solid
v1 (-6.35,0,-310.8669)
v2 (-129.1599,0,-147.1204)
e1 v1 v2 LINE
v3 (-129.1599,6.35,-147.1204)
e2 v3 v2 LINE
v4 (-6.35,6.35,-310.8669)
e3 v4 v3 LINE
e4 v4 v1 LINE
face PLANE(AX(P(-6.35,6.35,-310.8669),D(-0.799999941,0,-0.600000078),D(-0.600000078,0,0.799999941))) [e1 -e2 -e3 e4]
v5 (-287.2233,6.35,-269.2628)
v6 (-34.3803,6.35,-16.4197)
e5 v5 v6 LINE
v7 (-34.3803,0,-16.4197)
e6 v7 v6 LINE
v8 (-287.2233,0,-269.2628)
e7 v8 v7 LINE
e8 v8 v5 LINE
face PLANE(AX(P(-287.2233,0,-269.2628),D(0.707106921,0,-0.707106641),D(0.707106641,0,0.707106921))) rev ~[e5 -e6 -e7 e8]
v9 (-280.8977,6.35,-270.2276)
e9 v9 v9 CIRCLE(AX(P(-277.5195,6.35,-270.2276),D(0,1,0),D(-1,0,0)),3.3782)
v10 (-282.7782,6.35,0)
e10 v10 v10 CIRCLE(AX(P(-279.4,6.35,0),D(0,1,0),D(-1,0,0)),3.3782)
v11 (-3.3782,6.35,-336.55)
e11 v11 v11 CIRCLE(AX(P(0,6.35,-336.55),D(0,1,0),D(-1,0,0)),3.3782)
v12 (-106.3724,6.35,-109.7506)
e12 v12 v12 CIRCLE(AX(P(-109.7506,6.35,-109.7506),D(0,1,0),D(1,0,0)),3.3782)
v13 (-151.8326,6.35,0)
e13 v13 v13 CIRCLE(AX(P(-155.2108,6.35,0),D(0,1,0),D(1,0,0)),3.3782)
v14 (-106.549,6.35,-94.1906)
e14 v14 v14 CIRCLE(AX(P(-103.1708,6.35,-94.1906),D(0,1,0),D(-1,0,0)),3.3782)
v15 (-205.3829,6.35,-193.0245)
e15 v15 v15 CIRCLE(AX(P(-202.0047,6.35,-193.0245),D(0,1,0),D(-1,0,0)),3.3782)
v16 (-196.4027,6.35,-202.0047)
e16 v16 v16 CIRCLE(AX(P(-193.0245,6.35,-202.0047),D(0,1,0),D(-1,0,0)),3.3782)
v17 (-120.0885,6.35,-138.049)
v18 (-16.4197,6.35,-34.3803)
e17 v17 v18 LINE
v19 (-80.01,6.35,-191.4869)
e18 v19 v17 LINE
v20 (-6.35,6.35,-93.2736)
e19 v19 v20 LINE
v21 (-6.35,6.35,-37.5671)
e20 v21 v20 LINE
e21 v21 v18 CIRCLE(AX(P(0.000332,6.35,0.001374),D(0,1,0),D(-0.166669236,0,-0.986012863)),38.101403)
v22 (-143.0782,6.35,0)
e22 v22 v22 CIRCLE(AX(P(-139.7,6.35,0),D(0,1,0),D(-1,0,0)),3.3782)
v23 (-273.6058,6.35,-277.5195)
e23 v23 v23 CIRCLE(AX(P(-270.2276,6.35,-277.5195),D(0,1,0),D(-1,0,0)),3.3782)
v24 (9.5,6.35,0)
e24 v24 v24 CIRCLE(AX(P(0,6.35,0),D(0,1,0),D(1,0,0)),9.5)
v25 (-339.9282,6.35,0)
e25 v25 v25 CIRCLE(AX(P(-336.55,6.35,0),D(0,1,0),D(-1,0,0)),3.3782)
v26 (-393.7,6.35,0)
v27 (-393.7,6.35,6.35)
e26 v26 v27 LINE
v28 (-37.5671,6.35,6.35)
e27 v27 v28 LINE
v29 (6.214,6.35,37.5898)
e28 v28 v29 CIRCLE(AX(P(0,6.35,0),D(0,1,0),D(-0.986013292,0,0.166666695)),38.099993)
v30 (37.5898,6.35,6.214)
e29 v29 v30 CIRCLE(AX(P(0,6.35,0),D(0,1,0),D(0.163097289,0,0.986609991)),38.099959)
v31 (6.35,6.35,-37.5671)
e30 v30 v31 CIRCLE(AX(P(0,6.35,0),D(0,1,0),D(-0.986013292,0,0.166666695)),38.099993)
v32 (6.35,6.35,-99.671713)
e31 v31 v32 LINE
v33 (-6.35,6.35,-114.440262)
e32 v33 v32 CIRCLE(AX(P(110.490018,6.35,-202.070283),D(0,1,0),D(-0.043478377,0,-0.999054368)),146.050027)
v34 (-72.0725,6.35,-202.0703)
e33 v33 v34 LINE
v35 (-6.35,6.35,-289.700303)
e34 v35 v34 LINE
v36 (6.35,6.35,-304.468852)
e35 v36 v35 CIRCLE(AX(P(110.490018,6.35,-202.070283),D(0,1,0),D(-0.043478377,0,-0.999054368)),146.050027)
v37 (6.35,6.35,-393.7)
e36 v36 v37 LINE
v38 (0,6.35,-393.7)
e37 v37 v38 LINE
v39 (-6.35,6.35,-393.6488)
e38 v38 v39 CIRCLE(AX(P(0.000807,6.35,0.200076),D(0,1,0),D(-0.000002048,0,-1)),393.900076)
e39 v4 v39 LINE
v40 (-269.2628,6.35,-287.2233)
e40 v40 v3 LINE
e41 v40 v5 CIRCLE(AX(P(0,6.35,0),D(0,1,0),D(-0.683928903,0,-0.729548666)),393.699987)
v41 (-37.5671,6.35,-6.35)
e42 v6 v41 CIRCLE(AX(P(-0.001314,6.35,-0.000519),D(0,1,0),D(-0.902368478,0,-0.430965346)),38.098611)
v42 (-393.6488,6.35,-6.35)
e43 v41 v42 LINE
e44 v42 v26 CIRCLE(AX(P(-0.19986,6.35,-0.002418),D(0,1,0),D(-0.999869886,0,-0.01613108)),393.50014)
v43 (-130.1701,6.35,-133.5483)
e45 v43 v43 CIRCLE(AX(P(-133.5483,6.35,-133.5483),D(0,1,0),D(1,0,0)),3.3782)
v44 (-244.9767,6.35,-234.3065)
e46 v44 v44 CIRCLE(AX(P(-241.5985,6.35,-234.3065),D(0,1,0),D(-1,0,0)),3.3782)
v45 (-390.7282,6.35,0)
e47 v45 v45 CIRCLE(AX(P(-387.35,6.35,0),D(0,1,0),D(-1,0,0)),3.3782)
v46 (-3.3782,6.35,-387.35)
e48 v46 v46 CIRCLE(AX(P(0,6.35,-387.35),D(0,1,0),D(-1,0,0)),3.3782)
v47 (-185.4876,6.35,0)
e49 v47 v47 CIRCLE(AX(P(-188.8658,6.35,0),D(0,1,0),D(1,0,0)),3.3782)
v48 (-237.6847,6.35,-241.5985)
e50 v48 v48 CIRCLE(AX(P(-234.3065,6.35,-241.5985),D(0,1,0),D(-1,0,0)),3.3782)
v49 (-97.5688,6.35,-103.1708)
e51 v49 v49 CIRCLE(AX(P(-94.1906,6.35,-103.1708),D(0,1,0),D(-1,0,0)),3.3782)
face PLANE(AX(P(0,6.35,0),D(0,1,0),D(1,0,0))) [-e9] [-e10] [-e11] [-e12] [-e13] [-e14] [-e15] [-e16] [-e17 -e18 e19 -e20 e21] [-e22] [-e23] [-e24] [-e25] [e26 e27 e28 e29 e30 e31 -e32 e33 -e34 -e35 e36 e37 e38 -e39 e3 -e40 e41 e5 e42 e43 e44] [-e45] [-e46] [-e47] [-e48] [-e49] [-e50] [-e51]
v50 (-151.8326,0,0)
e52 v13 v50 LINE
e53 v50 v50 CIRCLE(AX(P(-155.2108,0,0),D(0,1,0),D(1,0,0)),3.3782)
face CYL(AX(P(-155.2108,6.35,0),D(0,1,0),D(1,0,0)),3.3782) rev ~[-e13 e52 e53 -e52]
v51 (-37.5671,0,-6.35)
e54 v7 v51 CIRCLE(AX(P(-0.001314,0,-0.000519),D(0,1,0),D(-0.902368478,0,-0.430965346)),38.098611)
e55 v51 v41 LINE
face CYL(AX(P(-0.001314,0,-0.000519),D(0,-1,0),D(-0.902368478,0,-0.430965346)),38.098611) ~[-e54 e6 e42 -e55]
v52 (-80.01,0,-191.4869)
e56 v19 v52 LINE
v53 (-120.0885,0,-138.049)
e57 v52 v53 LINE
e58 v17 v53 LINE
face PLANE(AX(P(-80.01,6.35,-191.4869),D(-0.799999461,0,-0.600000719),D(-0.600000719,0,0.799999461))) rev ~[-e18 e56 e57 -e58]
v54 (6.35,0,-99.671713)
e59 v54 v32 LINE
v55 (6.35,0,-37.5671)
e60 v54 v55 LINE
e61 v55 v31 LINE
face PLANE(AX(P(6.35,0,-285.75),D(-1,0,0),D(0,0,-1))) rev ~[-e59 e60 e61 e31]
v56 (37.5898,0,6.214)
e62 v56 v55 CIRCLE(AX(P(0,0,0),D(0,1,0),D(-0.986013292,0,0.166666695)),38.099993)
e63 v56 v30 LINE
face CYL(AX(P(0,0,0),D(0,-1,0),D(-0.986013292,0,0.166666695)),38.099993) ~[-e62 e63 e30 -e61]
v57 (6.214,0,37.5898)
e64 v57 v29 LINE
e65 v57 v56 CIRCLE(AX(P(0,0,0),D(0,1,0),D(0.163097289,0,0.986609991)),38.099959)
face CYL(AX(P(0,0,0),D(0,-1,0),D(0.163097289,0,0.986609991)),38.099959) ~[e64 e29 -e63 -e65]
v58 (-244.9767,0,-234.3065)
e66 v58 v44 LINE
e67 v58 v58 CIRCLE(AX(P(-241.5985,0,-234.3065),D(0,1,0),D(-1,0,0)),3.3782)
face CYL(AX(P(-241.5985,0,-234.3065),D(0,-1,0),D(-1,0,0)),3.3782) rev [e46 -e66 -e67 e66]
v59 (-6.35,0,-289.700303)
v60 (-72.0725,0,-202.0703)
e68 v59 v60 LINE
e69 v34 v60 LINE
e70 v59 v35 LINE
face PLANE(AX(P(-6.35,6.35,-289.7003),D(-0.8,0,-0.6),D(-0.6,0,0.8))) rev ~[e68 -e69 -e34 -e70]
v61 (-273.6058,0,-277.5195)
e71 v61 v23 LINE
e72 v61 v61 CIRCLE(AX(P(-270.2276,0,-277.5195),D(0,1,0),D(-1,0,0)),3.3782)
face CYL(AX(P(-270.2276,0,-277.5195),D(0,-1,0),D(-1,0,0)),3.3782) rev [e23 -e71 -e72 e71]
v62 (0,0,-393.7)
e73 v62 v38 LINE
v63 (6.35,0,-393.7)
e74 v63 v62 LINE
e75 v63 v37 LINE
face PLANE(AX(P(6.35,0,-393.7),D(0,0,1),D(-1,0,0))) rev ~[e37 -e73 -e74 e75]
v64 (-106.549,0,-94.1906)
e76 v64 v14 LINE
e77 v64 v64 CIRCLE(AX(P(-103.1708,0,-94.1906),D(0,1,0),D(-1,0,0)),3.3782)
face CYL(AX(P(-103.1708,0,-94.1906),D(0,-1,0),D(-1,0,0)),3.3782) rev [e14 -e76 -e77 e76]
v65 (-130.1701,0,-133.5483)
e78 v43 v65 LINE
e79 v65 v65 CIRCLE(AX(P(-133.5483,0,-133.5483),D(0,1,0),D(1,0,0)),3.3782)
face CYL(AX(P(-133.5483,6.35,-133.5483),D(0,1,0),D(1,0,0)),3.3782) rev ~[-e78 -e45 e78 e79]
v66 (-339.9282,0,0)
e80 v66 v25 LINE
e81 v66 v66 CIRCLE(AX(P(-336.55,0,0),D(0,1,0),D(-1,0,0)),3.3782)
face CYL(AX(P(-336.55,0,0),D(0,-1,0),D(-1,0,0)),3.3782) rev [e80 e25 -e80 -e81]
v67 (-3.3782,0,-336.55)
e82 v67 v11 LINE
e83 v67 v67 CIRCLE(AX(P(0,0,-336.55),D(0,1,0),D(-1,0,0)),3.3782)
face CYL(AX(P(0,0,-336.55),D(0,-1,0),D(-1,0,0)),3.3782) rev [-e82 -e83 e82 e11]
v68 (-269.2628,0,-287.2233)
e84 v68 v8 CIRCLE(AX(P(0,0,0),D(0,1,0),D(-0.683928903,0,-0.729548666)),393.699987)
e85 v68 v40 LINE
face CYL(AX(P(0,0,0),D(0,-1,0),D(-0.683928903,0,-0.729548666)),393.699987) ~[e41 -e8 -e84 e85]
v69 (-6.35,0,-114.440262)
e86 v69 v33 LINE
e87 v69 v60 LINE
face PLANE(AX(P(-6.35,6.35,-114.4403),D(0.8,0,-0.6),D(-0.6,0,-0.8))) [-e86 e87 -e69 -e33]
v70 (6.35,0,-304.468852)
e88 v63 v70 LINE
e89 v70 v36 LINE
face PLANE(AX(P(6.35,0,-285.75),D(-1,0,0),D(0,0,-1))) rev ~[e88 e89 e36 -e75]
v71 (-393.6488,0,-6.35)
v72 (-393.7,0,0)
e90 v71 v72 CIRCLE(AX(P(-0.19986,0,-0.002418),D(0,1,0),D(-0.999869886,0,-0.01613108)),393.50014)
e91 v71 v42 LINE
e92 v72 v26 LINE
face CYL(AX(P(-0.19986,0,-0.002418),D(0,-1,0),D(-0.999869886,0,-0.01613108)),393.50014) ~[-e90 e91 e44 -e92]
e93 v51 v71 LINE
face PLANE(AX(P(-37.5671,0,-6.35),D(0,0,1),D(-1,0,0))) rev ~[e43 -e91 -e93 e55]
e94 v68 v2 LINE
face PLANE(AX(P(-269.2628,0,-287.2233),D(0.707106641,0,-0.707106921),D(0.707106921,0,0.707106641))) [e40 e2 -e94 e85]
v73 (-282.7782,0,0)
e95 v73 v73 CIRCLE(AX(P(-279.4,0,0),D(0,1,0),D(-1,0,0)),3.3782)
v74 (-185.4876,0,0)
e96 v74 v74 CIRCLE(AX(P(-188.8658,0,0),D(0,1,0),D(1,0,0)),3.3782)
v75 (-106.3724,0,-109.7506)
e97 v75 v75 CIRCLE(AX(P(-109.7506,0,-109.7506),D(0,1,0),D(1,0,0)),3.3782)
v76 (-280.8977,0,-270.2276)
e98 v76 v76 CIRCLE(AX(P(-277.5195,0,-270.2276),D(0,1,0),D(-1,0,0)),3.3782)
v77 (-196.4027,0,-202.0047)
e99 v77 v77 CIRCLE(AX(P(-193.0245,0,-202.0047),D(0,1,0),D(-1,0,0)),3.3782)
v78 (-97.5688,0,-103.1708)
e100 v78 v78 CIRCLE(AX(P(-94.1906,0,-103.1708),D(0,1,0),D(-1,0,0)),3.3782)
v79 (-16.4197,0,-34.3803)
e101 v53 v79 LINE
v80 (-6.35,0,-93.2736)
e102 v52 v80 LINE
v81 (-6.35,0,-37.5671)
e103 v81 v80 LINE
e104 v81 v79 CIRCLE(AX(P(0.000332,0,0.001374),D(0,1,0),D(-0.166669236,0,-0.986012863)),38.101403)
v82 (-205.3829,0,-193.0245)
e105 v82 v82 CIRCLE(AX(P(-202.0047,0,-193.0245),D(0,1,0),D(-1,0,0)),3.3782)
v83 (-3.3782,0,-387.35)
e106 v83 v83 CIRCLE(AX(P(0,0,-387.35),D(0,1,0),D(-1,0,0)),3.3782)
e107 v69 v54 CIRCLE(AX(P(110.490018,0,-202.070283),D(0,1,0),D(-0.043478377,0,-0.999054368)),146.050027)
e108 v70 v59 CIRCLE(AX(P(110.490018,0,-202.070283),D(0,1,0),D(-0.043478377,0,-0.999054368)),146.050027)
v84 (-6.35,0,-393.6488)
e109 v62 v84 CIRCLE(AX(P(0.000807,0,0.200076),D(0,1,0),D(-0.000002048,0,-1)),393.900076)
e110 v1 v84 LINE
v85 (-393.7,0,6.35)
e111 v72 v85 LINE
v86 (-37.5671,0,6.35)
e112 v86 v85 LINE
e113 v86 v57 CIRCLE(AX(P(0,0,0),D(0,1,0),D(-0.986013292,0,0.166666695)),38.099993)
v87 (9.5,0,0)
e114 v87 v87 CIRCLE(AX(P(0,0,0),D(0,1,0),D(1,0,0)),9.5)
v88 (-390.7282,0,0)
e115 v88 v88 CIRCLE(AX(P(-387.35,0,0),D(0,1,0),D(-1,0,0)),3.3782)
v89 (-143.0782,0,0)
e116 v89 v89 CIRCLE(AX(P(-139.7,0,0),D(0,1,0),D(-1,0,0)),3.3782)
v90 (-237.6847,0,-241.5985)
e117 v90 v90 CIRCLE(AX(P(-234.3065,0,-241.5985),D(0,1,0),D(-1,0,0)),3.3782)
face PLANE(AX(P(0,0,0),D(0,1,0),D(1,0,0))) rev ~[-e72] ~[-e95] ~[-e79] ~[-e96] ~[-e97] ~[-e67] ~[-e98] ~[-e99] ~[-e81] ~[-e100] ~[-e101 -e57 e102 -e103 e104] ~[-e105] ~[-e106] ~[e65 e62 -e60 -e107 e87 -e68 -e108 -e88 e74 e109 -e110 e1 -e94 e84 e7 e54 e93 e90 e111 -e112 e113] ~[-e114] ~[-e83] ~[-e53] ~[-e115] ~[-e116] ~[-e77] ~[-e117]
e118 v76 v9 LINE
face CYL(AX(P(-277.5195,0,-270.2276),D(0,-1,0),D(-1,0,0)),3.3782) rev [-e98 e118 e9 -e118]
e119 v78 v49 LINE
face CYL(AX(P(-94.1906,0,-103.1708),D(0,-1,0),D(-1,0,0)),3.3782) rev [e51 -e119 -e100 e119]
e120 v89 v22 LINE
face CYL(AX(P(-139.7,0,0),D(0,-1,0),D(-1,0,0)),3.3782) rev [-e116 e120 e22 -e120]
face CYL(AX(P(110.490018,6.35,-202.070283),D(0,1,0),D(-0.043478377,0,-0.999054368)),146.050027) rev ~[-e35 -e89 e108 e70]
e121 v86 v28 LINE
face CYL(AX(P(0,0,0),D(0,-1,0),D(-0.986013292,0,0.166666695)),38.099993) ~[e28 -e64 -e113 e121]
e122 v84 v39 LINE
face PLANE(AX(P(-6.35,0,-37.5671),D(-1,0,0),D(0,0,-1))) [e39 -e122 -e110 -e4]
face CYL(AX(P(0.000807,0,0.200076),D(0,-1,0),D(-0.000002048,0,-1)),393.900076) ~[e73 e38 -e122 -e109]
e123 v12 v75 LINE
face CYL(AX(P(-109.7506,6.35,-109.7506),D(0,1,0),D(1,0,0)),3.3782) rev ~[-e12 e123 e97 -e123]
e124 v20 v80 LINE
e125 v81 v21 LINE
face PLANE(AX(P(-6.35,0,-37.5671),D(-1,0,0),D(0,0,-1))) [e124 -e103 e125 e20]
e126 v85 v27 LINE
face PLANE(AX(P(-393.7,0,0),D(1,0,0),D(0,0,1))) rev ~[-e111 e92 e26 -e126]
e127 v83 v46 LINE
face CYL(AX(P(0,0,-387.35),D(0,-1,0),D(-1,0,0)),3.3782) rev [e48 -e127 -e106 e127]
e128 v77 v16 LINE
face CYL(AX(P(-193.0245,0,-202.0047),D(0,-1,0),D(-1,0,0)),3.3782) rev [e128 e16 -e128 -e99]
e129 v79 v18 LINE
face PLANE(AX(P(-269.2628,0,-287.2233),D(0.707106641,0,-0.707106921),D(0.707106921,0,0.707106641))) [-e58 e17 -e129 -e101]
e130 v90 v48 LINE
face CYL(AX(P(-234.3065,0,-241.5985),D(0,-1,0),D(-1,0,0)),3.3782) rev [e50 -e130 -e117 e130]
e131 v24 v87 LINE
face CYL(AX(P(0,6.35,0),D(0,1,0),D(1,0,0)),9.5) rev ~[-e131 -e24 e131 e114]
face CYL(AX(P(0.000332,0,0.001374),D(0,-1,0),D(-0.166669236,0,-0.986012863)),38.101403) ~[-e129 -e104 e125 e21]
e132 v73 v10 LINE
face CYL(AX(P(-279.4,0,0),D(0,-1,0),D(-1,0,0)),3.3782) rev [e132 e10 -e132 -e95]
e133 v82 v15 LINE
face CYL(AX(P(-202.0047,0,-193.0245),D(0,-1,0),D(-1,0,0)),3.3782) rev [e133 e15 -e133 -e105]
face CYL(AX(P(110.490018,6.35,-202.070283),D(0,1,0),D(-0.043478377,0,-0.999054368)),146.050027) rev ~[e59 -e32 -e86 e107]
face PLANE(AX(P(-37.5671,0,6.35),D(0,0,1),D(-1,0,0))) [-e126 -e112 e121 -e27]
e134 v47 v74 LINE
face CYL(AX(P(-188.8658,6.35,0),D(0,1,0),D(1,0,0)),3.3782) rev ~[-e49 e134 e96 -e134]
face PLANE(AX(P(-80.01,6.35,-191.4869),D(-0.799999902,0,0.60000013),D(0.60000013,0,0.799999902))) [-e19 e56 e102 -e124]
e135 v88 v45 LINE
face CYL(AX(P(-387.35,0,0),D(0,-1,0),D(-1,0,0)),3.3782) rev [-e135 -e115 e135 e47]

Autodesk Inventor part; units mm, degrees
ref_plane "YZ Plane" through (0, 0, 0) normal (1, 0, 0) x (0, 1, 0)
ref_plane "XZ Plane" through (0, 0, 0) normal (0, 1, 0) x (-1, 0, 0)
ref_plane "XY Plane" through (0, 0, 0) normal (0, 0, 1) x (1, 0, 0)
sketch "Sketch1" plane through (0, 0, 0) normal (0, 1, 0) x (-1, 0, 0)
  circle A0 centre (0, -139.7) radius 3.3782
  line L0 (6.35, -37.5671) -> (6.35, -393.6488)
  line L1 (-6.35, -37.5671) -> (-6.35, -393.7)
  circle A1 centre (193.0245, -202.0047) radius 3.3782
  circle A2 centre (202.0047, -193.0245) radius 3.3782
  line L2 (269.2628, -287.2233) -> (16.4197, -34.3803)
  line L3 (287.2233, -269.2628) -> (34.3803, -16.4197)
  circle A3 centre (94.1906, -103.1708) radius 3.3782
  circle A4 centre (103.1708, -94.1906) radius 3.3782
  circle A5 centre (139.7, 0) radius 3.3782
  line L4 (133.35, 0) -> (133.35, 6.35)
  line L5 (273.05, 6.35) -> (273.05, 0)
  line L6 (37.5671, -6.35) -> (393.6488, -6.35)
  line L7 (37.5671, 6.35) -> (393.7, 6.35)
  line L8 (146.05, 0) -> (146.05, 6.35)
  circle A6 centre (277.5195, -270.2276) radius 3.3782
  circle A7 centre (270.2276, -277.5195) radius 3.3782
  arc A8 (269.2628, -287.2233) -> (287.2233, -269.2628) centre (0, 0) ccw
  circle A9 centre (0, -387.35) radius 3.3782
  arc A10 (0, -393.7) -> (6.35, -393.6488) centre (0, 0) ccw
  line L9 (-6.35, -393.7) -> (0, -393.7)
  circle A11 centre (0, -279.4) radius 3.3782
  arc A12 (6.35, -37.5671) -> (16.4197, -34.3803) centre (0, 0) ccw
  arc A13 (34.3803, -16.4197) -> (37.5671, -6.35) centre (0, 0) ccw
  circle A14 centre (0, 0) radius 14.2875
  line L10 (38.1, 0) -> (38.1, 12.8556) construction
  arc A15 (-6.214, 37.5898) -> (-37.5898, 6.214) centre (0, 0) ccw
  arc A16 (37.5671, 6.35) -> (-6.35, -37.5671) centre (0, 0) ccw
  circle A17 centre (387.35, 0) radius 3.3782
  line L11 (393.7, 0) -> (393.7, 6.35)
  circle A18 centre (279.4, 0) radius 3.3782
  line L12 (285.75, 6.35) -> (285.75, 0)
  arc A19 (393.6488, -6.35) -> (393.7, 0) centre (0, 0) ccw
  line L13 (0, -285.75) -> (-6.35, -285.75)
  line L14 (-6.35, -273.05) -> (0, -273.05)
  circle A20 centre (0, -336.55) radius 3.3782
  circle A21 centre (241.5985, -234.3065) radius 3.3782
  circle A22 centre (234.3065, -241.5985) radius 3.3782
  circle A23 centre (336.55, 0) radius 3.3782
  dimension "d2" = 12.7
  dimension "d3" = 12.7
  dimension "d4" = 38.1
  dimension "d6" = 38.1
  dimension "d7" = 6.35
  dimension "d8" = 6.35
  dimension "d9" = 6.35
  dimension "d10" = 12.7
  dimension "d11" = 12.7
  dimension "d12" = 95.25
  dimension "d13" = 6.7564
  dimension "d14" = 6.7564
  dimension "d15" = 6.7564
  dimension "d16" = 6.35
  dimension "d17" = 6.7564
  dimension "d18" = 6.35
  dimension "d19" = 6.35
  dimension "d20" = 6.7564
  dimension "d21" = 6.7564
  dimension "d22" = 6.7564
  dimension "d23" = 6.35
  dimension "d24" = 6.7564
  dimension "d25" = 28.575
  dimension "d28" = 38.1
  dimension "d30" = 6.35
  dimension "d31" = 139.7
  dimension "d34" = 6.35
  dimension "d37" = 277.5195
  dimension "d38" = 270.2276
  dimension "d39" = 7.2919
  dimension "d40" = 7.2919
  dimension "d41" = 393.7
  dimension "d42" = 393.7
  dimension "d43" = 6.35
  dimension "d44" = 12.7
  dimension "d45" = 6.7564
  dimension "d46" = 6.35
  dimension "d47" = 6.7564
  dimension "d48" = 6.7564
  dimension "d49" = 393.7
  dimension "d50" = 6.35
  dimension "d51" = 6.7564
  dimension "d52" = 6.35
  dimension "d54" = 6.7564
  dimension "d55" = 6.7564
  dimension "d56" = 6.7564
  dimension "d57" = 50.8
  dimension "d58" = 50.8
  dimension "d59" = 50.8
  dimension "d60" = 7.5438
  dimension "d61" = 7.5438
  dimension "d62" = 7.5438
  dimension "d63" = 7.5438
  dimension "d64" = 50.8
extrude "Extrusion1" add sketch "Sketch1" along normal blind 6.35
sketch "Sketch7" plane through (0, 6.35, 0) normal (0, 1, 0) x (1, 0, 0)
  circle A0 centre (0, 0) radius 14.2875 projected
  circle A1 centre (0, 0) radius 9.5
  dimension "d99" = 19
extrude "Extrusion6" add sketch "Sketch7" against normal blind 6.35
sketch "Sketch9" plane through (0, 6.35, 0) normal (0, 1, 0) x (1, 0, 0)
  circle A0 centre (0, 139.7) radius 3.3782 projected
  circle A1 centre (0, 279.4) radius 3.3782 projected
  arc A2 (104.14, 347.9822) -> (104.1415, 56.1583) centre (110.49, 202.0703) ccw projected
  circle A3 centre (110.49, 202.0703) radius 146.05
  dimension "d102" = 0
  dimension "d103" = 0
  dimension "d104" = 0
extrude "Extrusion7" cut sketch "Sketch9" against normal blind 25.4
sketch "Sketch10" plane through (0, 6.35, 0) normal (0, 1, 0) x (1, 0, 0)
  arc A0 (6.35, 304.4688) -> (-6.35, 289.7003) centre (110.49, 202.0703) ccw projected
  line L0 (-6.35, 393.6488) -> (-6.35, 289.7003) projected
  arc A1 (-6.35, 114.4403) -> (6.35, 99.6717) centre (110.49, 202.0703) ccw projected
  line L1 (-6.35, 114.4403) -> (-6.35, 37.5671) projected
  arc A2 (-6.35, 37.5671) -> (-16.4197, 34.3803) centre (0, 0) ccw projected
  line L2 (-16.4197, 34.3803) -> (-269.2628, 287.2233) projected
  arc A3 (-269.2628, 287.2233) -> (-287.2233, 269.2628) centre (0, 0) ccw projected
  line L3 (-287.2233, 269.2628) -> (-34.3803, 16.4197) projected
  arc A4 (-34.3803, 16.4197) -> (-37.5671, 6.35) centre (0, 0) ccw projected
  line L4 (-37.5671, 6.35) -> (-393.6488, 6.35) projected
  arc A5 (-393.6488, 6.35) -> (-393.7, 0) centre (0, 0) ccw projected
  line L5 (-393.7, 0) -> (-393.7, -6.35) projected
  line L6 (-393.7, -6.35) -> (-37.5671, -6.35) projected
  arc A6 (-37.5671, -6.35) -> (6.35, 37.5671) centre (0, 0) ccw projected
  line L7 (6.35, 37.5671) -> (6.35, 99.6717) projected
  circle A7 centre (0, 0) radius 9.5 projected
  circle A8 centre (-270.2276, 277.5195) radius 3.3782 projected
  circle A9 centre (-277.5195, 270.2276) radius 3.3782 projected
  circle A10 centre (-234.3065, 241.5985) radius 3.3782 projected
  circle A11 centre (-241.5985, 234.3065) radius 3.3782 projected
  circle A12 centre (-387.35, 0) radius 3.3782 projected
  circle A13 centre (-336.55, 0) radius 3.3782 projected
  circle A14 centre (-139.7, 0) radius 3.3782 projected
  circle A15 centre (-279.4, 0) radius 3.3782 projected
  circle A16 centre (-94.1906, 103.1708) radius 3.3782 projected
  circle A17 centre (-103.1708, 94.1906) radius 3.3782 projected
  circle A18 centre (-193.0245, 202.0047) radius 3.3782 projected
  circle A19 centre (-202.0047, 193.0245) radius 3.3782 projected
  line L8 (-6.35, 114.4403) -> (-72.0725, 202.0703)
  line L9 (-6.35, 310.8669) -> (-129.1599, 147.1204)
  line L10 (-80.01, 191.4869) -> (-6.35, 93.2736)
  line L11 (-6.35, 289.7003) -> (-72.0725, 202.0703)
  line L12 (-80.01, 191.4869) -> (-120.0885, 138.049)
extrude "Extrusion8" add sketch "Sketch10" against normal blind 6.35 contours L0 L11 L8 L1 L10 L12 L2 L9
sketch "Sketch11" plane through (0, 6.35, 0) normal (0, 1, 0) x (1, 0, 0)
  circle A0 centre (-109.7506, 109.7506) radius 3.3782 projected
  circle A1 centre (-133.5483, 133.5483) radius 3.3782 projected
  circle A2 centre (-188.8658, 0) radius 3.3782 projected
  circle A3 centre (-155.2108, 0) radius 3.3782 projected
extrude "Extrusion9" cut sketch "Sketch11" against normal blind 25.4
equation "\"d60\" = d63"
equation "\"d61\" = d62"
properties part number "Bearing Mount Top" material "Aluminum 6061"
